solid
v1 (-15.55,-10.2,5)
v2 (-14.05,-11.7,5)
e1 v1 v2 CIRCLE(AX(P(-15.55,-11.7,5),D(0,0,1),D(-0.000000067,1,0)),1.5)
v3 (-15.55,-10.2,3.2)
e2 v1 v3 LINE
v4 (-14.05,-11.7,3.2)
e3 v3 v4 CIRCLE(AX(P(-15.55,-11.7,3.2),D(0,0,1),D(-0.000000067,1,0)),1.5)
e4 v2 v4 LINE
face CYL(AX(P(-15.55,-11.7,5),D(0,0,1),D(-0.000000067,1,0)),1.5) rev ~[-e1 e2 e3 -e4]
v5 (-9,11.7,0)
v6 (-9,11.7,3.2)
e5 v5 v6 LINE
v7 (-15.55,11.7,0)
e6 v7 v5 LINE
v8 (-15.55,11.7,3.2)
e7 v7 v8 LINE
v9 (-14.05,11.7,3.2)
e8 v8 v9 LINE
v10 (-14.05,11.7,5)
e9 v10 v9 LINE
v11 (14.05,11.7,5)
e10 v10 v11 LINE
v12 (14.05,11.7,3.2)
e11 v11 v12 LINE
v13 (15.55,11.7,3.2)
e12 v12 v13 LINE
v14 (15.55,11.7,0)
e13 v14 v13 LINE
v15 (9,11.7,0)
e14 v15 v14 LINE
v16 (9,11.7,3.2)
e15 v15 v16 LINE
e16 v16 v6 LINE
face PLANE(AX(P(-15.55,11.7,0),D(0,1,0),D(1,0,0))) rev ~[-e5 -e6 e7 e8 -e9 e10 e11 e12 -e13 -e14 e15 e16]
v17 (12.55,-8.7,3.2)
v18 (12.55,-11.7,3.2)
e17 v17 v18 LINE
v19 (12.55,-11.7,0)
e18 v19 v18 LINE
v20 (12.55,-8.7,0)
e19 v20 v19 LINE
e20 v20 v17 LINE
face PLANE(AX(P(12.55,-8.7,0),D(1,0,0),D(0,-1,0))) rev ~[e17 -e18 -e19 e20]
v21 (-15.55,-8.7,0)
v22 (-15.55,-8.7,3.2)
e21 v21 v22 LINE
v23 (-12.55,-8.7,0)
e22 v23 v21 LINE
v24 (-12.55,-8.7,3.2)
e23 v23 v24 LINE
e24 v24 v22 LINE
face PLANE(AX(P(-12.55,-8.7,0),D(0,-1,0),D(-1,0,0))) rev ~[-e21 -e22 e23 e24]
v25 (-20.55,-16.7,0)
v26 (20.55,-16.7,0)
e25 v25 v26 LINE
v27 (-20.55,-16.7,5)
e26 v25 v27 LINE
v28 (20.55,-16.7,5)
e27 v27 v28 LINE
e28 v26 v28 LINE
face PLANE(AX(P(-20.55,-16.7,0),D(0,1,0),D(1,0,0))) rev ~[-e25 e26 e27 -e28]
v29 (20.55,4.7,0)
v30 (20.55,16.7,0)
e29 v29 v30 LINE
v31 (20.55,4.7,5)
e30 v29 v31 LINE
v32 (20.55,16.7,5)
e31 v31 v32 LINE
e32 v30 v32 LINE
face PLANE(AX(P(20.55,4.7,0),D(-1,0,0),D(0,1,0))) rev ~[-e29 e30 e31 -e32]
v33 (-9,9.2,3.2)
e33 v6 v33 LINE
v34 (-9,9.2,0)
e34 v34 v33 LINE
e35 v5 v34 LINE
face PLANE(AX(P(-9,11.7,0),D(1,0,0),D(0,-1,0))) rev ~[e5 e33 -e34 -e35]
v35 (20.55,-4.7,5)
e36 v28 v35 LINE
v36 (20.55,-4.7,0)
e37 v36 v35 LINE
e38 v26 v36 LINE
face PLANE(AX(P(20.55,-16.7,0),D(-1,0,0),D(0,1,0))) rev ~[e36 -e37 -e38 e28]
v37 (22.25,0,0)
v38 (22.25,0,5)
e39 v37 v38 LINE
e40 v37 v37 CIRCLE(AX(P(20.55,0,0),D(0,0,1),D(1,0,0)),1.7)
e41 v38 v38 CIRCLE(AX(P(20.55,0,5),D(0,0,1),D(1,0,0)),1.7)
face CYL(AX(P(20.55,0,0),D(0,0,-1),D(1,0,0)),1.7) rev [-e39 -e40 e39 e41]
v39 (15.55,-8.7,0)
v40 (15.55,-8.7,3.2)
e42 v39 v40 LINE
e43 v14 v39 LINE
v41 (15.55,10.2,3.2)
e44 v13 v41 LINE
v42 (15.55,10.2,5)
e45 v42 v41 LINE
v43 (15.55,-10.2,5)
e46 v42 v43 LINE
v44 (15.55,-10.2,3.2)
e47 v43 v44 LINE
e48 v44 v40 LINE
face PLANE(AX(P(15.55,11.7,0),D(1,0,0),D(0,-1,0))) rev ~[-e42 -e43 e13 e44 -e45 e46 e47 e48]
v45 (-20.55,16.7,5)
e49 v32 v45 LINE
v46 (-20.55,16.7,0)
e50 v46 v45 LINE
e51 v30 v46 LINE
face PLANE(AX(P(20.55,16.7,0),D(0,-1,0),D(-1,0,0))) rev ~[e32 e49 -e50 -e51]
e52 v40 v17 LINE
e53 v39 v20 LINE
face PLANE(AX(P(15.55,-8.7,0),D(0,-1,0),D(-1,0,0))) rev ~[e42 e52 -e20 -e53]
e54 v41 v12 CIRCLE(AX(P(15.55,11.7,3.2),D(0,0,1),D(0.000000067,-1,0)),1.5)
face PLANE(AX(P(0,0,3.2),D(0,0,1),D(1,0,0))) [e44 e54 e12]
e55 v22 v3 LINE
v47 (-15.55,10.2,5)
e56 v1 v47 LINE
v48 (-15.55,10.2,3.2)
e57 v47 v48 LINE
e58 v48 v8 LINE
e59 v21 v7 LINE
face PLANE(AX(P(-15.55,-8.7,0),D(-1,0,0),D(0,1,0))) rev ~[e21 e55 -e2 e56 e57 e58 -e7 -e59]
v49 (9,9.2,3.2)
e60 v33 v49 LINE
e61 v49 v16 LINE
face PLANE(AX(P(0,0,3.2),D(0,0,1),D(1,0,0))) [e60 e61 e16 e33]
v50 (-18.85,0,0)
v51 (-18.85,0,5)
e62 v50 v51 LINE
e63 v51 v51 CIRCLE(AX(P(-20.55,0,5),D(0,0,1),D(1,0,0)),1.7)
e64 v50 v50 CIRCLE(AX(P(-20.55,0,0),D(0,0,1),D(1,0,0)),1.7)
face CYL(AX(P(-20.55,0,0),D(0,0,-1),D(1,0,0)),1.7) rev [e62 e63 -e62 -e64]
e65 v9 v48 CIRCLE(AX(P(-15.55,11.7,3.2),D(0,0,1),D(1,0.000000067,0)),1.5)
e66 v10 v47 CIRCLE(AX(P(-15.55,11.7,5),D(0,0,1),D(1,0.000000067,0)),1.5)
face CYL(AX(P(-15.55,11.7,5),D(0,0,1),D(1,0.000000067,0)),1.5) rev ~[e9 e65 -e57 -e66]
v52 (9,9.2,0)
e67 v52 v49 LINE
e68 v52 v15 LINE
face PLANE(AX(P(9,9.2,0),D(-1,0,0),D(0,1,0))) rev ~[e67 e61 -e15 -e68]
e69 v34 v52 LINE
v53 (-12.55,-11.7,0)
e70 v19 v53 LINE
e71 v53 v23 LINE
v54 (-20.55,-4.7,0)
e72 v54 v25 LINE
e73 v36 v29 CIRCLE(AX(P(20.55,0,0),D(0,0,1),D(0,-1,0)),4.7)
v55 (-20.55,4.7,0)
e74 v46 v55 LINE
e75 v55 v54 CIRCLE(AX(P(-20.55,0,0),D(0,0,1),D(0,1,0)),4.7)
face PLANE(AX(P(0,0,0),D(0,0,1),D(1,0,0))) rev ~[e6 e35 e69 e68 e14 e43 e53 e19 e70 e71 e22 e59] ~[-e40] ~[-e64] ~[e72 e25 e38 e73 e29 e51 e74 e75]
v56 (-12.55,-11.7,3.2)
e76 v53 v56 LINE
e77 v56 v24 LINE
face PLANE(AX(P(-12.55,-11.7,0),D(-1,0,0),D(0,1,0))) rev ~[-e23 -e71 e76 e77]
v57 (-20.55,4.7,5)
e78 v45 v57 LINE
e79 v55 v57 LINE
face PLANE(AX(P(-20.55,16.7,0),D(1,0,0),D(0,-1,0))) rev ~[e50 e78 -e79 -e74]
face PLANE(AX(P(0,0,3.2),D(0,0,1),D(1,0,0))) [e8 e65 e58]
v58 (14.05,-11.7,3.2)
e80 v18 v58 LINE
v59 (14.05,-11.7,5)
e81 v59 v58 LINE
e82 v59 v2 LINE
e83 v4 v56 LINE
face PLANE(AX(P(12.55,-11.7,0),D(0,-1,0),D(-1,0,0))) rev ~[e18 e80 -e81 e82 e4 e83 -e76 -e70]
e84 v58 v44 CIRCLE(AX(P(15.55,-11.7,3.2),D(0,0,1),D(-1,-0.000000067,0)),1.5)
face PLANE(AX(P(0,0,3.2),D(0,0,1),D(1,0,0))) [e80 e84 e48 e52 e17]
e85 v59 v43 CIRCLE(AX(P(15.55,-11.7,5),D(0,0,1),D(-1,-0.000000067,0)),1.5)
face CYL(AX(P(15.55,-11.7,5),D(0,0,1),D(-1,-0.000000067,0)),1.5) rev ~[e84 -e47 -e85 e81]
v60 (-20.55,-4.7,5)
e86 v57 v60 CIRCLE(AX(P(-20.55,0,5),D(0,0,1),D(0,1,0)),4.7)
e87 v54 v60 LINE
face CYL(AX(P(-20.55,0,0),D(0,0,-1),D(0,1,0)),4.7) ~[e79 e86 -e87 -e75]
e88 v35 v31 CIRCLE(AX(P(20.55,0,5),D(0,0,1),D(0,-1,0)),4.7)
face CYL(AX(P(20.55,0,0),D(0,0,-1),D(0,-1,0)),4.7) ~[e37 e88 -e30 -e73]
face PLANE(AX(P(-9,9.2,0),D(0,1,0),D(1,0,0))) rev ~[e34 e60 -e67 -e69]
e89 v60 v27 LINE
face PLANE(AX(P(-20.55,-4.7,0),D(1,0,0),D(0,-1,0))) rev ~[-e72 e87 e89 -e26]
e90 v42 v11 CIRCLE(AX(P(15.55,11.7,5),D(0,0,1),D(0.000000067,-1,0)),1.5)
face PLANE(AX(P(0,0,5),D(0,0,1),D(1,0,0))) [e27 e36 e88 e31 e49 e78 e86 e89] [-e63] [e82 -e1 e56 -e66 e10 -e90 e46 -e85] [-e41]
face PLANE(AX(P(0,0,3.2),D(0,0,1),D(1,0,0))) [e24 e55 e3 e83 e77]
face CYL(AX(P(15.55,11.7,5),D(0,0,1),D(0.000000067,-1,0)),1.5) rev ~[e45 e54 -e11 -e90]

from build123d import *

# Parameters (mm, degrees)
F0_R     = 1.7
F1_DEPTH = 5
F3_DEPTH = 1.8


with BuildPart() as f1:
    # F0 (on Top) → F1 (new body)
    with BuildSketch(Plane.XY):
        with BuildLine():
            Line((-20.55, -4.7), (-20.55, -16.7))
            Line((-20.55, -16.7), (20.55, -16.7))
            Line((20.55, -16.7), (20.55, -4.7))
            ThreePointArc((20.55, -4.7), (25.25, 0), (20.55, 4.7))
            Line((20.55, 4.7), (20.55, 16.7))
            Line((20.55, 16.7), (-20.55, 16.7))
            Line((-20.55, 16.7), (-20.55, 4.7))
            ThreePointArc((-20.55, 4.7), (-25.25, 0), (-20.55, -4.7))
        make_face()
        with Locations((-20.55, 0)):
            Circle(F0_R, mode=Mode.SUBTRACT)
        Polygon((-9, 11.7), (-9, 9.2), (9, 9.2), (9, 11.7), (15.55, 11.7), (15.55, -8.7), (12.55, -8.7), (12.55, -11.7), (-12.55, -11.7), (-12.55, -8.7), (-15.55, -8.7), (-15.55, 11.7), align=None, mode=Mode.SUBTRACT)
        with Locations((20.55, 0)):
            Circle(F0_R, mode=Mode.SUBTRACT)
    extrude(amount=F1_DEPTH)

    # F2 (on face) → F3 (cut)
    with BuildSketch(Plane.XY.offset(5)):
        with BuildLine():
            Line((14.05, 11.7), (-14.05, 11.7))
            ThreePointArc((-14.05, 11.7), (-16.61066, 12.76066), (-15.55, 10.2))
            Line((-15.55, 10.2), (-15.55, -10.2))
            ThreePointArc((-15.55, -10.2), (-16.61066, -12.76066), (-14.05, -11.7))
            Line((-14.05, -11.7), (14.05, -11.7))
            ThreePointArc((14.05, -11.7), (16.61066, -12.76066), (15.55, -10.2))
            Line((15.55, -10.2), (15.55, 10.2))
            ThreePointArc((15.55, 10.2), (16.61066, 12.76066), (14.05, 11.7))
        make_face()
    extrude(amount=-F3_DEPTH, mode=Mode.SUBTRACT)


solid = f1.part
